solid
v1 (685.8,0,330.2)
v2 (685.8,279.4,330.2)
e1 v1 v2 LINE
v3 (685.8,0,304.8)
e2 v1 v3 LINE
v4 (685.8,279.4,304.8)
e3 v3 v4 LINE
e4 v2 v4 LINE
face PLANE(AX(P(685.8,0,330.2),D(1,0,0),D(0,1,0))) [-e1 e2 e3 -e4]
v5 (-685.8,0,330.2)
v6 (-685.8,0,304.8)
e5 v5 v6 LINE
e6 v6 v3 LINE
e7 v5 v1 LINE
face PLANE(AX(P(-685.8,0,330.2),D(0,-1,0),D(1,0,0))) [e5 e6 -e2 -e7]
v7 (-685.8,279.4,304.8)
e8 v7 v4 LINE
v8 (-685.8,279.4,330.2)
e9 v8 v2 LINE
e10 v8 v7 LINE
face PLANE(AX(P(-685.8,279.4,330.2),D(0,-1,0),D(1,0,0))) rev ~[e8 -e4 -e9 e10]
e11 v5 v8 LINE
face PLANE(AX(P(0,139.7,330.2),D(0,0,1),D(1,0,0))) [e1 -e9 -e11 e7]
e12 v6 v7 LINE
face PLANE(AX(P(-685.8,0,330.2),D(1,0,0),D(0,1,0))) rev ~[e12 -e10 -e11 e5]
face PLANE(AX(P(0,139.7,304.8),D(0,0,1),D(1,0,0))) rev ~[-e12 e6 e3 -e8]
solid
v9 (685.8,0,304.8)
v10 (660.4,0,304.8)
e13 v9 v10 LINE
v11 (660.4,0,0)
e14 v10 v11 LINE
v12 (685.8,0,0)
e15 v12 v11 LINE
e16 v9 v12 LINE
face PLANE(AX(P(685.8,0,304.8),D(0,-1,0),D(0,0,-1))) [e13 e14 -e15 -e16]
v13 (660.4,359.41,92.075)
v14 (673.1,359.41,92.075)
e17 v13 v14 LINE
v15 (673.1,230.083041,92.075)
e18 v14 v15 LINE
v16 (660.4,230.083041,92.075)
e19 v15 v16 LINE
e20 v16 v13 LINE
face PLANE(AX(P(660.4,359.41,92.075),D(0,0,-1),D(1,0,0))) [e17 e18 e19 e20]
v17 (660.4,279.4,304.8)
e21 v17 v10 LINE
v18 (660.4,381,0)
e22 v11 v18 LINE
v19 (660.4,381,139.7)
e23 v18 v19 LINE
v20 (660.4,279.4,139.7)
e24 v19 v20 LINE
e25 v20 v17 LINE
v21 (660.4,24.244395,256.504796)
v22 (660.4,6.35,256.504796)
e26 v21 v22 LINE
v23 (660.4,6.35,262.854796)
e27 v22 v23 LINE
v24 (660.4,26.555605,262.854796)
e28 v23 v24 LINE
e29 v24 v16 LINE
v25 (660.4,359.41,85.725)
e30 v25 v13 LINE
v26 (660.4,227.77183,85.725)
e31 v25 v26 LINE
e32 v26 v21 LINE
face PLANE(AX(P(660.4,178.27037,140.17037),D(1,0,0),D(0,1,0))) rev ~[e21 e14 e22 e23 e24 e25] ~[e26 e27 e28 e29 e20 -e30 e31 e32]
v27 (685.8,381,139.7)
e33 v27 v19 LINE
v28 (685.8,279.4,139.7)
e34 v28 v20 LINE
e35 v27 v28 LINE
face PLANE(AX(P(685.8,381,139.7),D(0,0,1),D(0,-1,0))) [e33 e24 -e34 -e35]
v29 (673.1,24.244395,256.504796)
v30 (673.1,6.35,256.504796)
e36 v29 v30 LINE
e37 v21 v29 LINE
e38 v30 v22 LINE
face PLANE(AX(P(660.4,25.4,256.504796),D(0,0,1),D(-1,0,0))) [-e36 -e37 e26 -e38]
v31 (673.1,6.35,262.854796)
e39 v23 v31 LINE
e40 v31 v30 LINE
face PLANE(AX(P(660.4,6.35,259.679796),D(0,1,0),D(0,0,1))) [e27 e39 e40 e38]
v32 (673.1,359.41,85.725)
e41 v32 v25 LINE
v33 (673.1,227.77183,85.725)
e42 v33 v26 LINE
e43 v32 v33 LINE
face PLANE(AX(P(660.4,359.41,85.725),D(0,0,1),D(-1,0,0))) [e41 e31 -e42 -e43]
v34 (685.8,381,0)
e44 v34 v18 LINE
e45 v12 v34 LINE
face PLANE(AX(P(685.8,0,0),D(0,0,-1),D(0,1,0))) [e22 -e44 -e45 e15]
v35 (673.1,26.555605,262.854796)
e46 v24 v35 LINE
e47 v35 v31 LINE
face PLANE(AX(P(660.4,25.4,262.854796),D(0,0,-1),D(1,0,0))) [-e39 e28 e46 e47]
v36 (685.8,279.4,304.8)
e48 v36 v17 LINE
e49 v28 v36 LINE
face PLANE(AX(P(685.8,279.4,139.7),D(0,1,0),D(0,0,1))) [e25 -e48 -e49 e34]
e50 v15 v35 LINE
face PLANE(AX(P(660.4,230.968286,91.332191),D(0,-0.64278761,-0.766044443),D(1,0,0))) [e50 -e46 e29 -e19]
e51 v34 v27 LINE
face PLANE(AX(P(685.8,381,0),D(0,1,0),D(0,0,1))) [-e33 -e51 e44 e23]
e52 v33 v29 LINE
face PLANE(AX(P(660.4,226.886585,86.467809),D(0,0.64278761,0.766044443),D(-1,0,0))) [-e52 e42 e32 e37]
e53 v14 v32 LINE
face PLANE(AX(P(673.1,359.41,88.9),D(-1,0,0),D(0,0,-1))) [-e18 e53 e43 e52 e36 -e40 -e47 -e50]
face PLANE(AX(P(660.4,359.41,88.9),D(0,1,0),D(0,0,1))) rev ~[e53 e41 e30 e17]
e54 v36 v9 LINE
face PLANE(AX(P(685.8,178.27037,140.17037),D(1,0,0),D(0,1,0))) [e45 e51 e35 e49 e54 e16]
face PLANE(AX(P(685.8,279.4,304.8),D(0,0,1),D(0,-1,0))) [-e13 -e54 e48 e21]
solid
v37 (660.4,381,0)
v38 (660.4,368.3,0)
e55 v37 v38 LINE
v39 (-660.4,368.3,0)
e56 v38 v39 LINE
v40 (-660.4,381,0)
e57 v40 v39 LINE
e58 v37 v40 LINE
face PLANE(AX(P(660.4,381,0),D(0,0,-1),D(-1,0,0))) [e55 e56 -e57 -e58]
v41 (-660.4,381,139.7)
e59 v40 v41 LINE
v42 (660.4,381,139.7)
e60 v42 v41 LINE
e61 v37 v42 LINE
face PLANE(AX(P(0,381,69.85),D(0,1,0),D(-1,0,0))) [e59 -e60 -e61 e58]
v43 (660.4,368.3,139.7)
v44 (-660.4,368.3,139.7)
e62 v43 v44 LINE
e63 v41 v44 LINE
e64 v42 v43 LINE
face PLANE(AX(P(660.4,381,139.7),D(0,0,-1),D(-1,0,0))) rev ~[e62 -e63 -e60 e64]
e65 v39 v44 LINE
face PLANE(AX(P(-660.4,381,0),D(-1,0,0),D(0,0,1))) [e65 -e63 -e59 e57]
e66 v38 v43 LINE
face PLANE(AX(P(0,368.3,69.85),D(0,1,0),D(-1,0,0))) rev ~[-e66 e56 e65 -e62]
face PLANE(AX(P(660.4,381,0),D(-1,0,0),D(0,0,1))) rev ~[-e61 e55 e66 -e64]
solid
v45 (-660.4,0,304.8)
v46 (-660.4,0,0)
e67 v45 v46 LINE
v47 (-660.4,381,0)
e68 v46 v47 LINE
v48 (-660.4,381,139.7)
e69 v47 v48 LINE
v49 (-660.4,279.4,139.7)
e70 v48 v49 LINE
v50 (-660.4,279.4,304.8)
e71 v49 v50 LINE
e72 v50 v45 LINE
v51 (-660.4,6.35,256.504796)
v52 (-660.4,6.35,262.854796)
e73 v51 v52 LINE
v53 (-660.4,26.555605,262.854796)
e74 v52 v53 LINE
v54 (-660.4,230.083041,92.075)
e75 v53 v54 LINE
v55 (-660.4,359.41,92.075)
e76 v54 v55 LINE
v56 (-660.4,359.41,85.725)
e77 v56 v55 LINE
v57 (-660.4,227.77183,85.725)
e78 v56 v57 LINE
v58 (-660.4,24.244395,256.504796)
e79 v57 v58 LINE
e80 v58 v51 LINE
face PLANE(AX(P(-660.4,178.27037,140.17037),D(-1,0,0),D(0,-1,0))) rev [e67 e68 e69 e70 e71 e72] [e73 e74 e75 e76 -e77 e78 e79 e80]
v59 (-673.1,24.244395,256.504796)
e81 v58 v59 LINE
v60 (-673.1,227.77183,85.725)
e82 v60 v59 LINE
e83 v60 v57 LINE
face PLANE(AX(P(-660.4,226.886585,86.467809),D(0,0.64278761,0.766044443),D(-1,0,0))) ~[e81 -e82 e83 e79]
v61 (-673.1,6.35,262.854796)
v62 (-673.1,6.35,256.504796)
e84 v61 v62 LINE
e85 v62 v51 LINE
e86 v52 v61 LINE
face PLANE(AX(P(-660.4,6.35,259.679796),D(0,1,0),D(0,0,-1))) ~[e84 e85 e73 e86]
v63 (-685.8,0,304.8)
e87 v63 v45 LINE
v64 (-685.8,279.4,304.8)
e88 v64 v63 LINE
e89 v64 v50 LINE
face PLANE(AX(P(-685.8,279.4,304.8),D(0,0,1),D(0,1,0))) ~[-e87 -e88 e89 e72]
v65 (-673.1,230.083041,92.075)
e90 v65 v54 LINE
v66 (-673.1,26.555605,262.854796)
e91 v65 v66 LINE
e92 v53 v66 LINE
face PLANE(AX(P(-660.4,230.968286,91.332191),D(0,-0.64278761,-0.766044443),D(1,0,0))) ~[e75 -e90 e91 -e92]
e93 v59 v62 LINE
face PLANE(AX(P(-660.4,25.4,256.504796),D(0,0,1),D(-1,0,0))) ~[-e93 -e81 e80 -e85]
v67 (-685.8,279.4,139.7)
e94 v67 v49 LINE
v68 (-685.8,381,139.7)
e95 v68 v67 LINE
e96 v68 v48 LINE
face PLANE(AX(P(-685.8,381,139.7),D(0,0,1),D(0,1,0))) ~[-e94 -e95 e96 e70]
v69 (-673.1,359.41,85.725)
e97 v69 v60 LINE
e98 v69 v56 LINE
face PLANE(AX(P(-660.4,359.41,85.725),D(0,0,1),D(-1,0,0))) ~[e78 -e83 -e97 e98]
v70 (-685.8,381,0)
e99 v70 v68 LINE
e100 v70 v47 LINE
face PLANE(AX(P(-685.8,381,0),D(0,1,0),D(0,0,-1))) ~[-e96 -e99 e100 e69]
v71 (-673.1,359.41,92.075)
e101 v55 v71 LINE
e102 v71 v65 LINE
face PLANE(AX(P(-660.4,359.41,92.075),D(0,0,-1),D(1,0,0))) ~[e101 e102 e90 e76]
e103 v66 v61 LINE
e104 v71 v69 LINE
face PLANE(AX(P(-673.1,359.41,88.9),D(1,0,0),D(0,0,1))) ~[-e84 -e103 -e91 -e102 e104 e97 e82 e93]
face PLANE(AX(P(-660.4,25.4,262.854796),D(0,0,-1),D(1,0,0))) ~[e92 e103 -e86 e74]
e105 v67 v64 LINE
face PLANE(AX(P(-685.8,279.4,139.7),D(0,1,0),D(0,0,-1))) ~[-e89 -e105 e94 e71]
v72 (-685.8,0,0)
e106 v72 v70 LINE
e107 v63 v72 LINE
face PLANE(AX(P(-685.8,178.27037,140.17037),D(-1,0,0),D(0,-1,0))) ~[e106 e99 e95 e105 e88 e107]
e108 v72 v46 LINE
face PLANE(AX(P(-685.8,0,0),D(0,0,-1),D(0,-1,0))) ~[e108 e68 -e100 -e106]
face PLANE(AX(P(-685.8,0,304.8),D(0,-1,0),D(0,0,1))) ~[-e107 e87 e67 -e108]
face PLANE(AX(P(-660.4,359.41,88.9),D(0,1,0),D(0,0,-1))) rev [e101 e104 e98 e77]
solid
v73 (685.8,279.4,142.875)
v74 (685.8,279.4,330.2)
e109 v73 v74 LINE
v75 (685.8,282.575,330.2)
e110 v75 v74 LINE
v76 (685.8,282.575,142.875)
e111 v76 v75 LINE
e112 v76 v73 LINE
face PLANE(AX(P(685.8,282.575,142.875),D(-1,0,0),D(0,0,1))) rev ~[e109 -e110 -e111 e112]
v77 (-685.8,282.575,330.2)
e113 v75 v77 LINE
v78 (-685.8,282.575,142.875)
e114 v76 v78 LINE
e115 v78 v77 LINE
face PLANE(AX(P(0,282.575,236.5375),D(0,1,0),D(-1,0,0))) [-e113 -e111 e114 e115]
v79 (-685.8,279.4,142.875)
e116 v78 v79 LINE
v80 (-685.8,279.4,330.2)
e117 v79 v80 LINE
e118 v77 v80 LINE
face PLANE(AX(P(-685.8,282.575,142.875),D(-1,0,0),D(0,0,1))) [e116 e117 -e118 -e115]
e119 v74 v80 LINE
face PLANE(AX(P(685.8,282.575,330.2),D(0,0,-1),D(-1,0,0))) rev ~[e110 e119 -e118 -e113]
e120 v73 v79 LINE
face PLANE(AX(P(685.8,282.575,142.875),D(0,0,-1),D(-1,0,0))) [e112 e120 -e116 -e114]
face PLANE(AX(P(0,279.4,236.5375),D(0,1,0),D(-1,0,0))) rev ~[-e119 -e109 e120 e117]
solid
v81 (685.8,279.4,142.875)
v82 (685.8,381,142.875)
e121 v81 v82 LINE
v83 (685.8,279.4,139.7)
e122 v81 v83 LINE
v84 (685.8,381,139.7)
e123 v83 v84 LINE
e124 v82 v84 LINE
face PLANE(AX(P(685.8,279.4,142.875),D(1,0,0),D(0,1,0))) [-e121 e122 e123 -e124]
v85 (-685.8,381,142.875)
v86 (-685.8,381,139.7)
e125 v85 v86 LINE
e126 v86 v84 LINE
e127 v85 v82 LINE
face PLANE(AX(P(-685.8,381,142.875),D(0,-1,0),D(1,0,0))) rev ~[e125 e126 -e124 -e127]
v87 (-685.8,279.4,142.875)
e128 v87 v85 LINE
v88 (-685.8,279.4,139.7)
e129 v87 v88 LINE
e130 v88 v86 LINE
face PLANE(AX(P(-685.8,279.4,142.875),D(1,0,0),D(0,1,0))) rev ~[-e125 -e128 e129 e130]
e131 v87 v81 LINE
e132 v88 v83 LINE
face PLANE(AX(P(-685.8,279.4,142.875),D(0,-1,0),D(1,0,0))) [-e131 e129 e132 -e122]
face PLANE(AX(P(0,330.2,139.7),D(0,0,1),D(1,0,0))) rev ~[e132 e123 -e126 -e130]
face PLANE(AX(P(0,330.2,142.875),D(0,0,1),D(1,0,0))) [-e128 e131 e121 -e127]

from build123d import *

# Parameters (mm, degrees)
F2_DEPTH  = 25.4
F6_W      = 25.4
F6_H      = 6.35
F10_W     = 1371.6
F10_H     = 279.4
F11_DEPTH = 25.4
F13_W     = 1371.6
F13_H     = 101.6
F14_DEPTH = 3.175
F16_W     = 1371.6
F16_H     = 187.325
F17_DEPTH = 3.175
F19_W     = 1320.8
F19_H     = 139.7
F20_DEPTH = 12.7


with BuildPart() as f2:
    # F1 (on offset) → F2 (new body)
    with BuildSketch(Plane.YZ.offset(685.8)):
        Polygon((0, 304.8), (0, 0), (381, 0), (381, 139.7), (279.4, 139.7), (279.4, 304.8), align=None)
    extrude(amount=-F2_DEPTH)

    # F7: sweep along a path in F4
    with BuildLine(Plane(origin=(660.4, 0, 0), x_dir=(0, -1, 0), z_dir=(-1, 0, 0))) as f7_path:
        Line((-359.41, 88.9), (-228.9274356335, 88.9))
        Line((-228.9274356335, 88.9), (-25.4, 259.6797961745))
        Line((-25.4, 259.6797961745), (-6.35, 259.6797961745))
    # F6 (on line) → F7 (sweep, cut)
    with BuildSketch(Plane(origin=(0, 359.41, 0), x_dir=(-1, 0, 0), z_dir=(0, 1, 0))):
        with Locations((-660.4, 88.9)):
            Rectangle(F6_W, F6_H)
    sweep(path=f7_path.line, transition=Transition.RIGHT, mode=Mode.SUBTRACT)


with BuildPart() as f8_1:
    # F8: instance of F2
    add(f2.part.mirror(Plane.YZ))


with BuildPart() as f11:
    # F10 (on offset) → F11 (new body)
    with BuildSketch(Plane.XY.offset(330.2)):
        with Locations((0, 139.7)):
            Rectangle(F10_W, F10_H)
    extrude(amount=-F11_DEPTH)


with BuildPart() as f14:
    # F13 (on offset) → F14 (new body, through all)
    with BuildSketch(Plane.XY.offset(142.875)):
        with Locations((0, 330.2)):
            Rectangle(F13_W, F13_H)
    extrude(amount=-F14_DEPTH)


with BuildPart() as f17:
    # F16 (on offset) → F17 (new body, through all)
    with BuildSketch(Plane(origin=(0, 282.575, 0), x_dir=(-1, 0, 0), z_dir=(0, 1, 0))):
        with Locations((0, 236.5375)):
            Rectangle(F16_W, F16_H)
    extrude(amount=-F17_DEPTH)


with BuildPart() as f20:
    # F19 (on offset) → F20 (new body)
    with BuildSketch(Plane(origin=(0, 381, 0), x_dir=(-1, 0, 0), z_dir=(0, 1, 0))):
        with Locations((0, 69.85)):
            Rectangle(F19_W, F19_H)
    extrude(amount=-F20_DEPTH)


solid = Compound([f2.part, f8_1.part, f11.part, f14.part, f17.part, f20.part])
